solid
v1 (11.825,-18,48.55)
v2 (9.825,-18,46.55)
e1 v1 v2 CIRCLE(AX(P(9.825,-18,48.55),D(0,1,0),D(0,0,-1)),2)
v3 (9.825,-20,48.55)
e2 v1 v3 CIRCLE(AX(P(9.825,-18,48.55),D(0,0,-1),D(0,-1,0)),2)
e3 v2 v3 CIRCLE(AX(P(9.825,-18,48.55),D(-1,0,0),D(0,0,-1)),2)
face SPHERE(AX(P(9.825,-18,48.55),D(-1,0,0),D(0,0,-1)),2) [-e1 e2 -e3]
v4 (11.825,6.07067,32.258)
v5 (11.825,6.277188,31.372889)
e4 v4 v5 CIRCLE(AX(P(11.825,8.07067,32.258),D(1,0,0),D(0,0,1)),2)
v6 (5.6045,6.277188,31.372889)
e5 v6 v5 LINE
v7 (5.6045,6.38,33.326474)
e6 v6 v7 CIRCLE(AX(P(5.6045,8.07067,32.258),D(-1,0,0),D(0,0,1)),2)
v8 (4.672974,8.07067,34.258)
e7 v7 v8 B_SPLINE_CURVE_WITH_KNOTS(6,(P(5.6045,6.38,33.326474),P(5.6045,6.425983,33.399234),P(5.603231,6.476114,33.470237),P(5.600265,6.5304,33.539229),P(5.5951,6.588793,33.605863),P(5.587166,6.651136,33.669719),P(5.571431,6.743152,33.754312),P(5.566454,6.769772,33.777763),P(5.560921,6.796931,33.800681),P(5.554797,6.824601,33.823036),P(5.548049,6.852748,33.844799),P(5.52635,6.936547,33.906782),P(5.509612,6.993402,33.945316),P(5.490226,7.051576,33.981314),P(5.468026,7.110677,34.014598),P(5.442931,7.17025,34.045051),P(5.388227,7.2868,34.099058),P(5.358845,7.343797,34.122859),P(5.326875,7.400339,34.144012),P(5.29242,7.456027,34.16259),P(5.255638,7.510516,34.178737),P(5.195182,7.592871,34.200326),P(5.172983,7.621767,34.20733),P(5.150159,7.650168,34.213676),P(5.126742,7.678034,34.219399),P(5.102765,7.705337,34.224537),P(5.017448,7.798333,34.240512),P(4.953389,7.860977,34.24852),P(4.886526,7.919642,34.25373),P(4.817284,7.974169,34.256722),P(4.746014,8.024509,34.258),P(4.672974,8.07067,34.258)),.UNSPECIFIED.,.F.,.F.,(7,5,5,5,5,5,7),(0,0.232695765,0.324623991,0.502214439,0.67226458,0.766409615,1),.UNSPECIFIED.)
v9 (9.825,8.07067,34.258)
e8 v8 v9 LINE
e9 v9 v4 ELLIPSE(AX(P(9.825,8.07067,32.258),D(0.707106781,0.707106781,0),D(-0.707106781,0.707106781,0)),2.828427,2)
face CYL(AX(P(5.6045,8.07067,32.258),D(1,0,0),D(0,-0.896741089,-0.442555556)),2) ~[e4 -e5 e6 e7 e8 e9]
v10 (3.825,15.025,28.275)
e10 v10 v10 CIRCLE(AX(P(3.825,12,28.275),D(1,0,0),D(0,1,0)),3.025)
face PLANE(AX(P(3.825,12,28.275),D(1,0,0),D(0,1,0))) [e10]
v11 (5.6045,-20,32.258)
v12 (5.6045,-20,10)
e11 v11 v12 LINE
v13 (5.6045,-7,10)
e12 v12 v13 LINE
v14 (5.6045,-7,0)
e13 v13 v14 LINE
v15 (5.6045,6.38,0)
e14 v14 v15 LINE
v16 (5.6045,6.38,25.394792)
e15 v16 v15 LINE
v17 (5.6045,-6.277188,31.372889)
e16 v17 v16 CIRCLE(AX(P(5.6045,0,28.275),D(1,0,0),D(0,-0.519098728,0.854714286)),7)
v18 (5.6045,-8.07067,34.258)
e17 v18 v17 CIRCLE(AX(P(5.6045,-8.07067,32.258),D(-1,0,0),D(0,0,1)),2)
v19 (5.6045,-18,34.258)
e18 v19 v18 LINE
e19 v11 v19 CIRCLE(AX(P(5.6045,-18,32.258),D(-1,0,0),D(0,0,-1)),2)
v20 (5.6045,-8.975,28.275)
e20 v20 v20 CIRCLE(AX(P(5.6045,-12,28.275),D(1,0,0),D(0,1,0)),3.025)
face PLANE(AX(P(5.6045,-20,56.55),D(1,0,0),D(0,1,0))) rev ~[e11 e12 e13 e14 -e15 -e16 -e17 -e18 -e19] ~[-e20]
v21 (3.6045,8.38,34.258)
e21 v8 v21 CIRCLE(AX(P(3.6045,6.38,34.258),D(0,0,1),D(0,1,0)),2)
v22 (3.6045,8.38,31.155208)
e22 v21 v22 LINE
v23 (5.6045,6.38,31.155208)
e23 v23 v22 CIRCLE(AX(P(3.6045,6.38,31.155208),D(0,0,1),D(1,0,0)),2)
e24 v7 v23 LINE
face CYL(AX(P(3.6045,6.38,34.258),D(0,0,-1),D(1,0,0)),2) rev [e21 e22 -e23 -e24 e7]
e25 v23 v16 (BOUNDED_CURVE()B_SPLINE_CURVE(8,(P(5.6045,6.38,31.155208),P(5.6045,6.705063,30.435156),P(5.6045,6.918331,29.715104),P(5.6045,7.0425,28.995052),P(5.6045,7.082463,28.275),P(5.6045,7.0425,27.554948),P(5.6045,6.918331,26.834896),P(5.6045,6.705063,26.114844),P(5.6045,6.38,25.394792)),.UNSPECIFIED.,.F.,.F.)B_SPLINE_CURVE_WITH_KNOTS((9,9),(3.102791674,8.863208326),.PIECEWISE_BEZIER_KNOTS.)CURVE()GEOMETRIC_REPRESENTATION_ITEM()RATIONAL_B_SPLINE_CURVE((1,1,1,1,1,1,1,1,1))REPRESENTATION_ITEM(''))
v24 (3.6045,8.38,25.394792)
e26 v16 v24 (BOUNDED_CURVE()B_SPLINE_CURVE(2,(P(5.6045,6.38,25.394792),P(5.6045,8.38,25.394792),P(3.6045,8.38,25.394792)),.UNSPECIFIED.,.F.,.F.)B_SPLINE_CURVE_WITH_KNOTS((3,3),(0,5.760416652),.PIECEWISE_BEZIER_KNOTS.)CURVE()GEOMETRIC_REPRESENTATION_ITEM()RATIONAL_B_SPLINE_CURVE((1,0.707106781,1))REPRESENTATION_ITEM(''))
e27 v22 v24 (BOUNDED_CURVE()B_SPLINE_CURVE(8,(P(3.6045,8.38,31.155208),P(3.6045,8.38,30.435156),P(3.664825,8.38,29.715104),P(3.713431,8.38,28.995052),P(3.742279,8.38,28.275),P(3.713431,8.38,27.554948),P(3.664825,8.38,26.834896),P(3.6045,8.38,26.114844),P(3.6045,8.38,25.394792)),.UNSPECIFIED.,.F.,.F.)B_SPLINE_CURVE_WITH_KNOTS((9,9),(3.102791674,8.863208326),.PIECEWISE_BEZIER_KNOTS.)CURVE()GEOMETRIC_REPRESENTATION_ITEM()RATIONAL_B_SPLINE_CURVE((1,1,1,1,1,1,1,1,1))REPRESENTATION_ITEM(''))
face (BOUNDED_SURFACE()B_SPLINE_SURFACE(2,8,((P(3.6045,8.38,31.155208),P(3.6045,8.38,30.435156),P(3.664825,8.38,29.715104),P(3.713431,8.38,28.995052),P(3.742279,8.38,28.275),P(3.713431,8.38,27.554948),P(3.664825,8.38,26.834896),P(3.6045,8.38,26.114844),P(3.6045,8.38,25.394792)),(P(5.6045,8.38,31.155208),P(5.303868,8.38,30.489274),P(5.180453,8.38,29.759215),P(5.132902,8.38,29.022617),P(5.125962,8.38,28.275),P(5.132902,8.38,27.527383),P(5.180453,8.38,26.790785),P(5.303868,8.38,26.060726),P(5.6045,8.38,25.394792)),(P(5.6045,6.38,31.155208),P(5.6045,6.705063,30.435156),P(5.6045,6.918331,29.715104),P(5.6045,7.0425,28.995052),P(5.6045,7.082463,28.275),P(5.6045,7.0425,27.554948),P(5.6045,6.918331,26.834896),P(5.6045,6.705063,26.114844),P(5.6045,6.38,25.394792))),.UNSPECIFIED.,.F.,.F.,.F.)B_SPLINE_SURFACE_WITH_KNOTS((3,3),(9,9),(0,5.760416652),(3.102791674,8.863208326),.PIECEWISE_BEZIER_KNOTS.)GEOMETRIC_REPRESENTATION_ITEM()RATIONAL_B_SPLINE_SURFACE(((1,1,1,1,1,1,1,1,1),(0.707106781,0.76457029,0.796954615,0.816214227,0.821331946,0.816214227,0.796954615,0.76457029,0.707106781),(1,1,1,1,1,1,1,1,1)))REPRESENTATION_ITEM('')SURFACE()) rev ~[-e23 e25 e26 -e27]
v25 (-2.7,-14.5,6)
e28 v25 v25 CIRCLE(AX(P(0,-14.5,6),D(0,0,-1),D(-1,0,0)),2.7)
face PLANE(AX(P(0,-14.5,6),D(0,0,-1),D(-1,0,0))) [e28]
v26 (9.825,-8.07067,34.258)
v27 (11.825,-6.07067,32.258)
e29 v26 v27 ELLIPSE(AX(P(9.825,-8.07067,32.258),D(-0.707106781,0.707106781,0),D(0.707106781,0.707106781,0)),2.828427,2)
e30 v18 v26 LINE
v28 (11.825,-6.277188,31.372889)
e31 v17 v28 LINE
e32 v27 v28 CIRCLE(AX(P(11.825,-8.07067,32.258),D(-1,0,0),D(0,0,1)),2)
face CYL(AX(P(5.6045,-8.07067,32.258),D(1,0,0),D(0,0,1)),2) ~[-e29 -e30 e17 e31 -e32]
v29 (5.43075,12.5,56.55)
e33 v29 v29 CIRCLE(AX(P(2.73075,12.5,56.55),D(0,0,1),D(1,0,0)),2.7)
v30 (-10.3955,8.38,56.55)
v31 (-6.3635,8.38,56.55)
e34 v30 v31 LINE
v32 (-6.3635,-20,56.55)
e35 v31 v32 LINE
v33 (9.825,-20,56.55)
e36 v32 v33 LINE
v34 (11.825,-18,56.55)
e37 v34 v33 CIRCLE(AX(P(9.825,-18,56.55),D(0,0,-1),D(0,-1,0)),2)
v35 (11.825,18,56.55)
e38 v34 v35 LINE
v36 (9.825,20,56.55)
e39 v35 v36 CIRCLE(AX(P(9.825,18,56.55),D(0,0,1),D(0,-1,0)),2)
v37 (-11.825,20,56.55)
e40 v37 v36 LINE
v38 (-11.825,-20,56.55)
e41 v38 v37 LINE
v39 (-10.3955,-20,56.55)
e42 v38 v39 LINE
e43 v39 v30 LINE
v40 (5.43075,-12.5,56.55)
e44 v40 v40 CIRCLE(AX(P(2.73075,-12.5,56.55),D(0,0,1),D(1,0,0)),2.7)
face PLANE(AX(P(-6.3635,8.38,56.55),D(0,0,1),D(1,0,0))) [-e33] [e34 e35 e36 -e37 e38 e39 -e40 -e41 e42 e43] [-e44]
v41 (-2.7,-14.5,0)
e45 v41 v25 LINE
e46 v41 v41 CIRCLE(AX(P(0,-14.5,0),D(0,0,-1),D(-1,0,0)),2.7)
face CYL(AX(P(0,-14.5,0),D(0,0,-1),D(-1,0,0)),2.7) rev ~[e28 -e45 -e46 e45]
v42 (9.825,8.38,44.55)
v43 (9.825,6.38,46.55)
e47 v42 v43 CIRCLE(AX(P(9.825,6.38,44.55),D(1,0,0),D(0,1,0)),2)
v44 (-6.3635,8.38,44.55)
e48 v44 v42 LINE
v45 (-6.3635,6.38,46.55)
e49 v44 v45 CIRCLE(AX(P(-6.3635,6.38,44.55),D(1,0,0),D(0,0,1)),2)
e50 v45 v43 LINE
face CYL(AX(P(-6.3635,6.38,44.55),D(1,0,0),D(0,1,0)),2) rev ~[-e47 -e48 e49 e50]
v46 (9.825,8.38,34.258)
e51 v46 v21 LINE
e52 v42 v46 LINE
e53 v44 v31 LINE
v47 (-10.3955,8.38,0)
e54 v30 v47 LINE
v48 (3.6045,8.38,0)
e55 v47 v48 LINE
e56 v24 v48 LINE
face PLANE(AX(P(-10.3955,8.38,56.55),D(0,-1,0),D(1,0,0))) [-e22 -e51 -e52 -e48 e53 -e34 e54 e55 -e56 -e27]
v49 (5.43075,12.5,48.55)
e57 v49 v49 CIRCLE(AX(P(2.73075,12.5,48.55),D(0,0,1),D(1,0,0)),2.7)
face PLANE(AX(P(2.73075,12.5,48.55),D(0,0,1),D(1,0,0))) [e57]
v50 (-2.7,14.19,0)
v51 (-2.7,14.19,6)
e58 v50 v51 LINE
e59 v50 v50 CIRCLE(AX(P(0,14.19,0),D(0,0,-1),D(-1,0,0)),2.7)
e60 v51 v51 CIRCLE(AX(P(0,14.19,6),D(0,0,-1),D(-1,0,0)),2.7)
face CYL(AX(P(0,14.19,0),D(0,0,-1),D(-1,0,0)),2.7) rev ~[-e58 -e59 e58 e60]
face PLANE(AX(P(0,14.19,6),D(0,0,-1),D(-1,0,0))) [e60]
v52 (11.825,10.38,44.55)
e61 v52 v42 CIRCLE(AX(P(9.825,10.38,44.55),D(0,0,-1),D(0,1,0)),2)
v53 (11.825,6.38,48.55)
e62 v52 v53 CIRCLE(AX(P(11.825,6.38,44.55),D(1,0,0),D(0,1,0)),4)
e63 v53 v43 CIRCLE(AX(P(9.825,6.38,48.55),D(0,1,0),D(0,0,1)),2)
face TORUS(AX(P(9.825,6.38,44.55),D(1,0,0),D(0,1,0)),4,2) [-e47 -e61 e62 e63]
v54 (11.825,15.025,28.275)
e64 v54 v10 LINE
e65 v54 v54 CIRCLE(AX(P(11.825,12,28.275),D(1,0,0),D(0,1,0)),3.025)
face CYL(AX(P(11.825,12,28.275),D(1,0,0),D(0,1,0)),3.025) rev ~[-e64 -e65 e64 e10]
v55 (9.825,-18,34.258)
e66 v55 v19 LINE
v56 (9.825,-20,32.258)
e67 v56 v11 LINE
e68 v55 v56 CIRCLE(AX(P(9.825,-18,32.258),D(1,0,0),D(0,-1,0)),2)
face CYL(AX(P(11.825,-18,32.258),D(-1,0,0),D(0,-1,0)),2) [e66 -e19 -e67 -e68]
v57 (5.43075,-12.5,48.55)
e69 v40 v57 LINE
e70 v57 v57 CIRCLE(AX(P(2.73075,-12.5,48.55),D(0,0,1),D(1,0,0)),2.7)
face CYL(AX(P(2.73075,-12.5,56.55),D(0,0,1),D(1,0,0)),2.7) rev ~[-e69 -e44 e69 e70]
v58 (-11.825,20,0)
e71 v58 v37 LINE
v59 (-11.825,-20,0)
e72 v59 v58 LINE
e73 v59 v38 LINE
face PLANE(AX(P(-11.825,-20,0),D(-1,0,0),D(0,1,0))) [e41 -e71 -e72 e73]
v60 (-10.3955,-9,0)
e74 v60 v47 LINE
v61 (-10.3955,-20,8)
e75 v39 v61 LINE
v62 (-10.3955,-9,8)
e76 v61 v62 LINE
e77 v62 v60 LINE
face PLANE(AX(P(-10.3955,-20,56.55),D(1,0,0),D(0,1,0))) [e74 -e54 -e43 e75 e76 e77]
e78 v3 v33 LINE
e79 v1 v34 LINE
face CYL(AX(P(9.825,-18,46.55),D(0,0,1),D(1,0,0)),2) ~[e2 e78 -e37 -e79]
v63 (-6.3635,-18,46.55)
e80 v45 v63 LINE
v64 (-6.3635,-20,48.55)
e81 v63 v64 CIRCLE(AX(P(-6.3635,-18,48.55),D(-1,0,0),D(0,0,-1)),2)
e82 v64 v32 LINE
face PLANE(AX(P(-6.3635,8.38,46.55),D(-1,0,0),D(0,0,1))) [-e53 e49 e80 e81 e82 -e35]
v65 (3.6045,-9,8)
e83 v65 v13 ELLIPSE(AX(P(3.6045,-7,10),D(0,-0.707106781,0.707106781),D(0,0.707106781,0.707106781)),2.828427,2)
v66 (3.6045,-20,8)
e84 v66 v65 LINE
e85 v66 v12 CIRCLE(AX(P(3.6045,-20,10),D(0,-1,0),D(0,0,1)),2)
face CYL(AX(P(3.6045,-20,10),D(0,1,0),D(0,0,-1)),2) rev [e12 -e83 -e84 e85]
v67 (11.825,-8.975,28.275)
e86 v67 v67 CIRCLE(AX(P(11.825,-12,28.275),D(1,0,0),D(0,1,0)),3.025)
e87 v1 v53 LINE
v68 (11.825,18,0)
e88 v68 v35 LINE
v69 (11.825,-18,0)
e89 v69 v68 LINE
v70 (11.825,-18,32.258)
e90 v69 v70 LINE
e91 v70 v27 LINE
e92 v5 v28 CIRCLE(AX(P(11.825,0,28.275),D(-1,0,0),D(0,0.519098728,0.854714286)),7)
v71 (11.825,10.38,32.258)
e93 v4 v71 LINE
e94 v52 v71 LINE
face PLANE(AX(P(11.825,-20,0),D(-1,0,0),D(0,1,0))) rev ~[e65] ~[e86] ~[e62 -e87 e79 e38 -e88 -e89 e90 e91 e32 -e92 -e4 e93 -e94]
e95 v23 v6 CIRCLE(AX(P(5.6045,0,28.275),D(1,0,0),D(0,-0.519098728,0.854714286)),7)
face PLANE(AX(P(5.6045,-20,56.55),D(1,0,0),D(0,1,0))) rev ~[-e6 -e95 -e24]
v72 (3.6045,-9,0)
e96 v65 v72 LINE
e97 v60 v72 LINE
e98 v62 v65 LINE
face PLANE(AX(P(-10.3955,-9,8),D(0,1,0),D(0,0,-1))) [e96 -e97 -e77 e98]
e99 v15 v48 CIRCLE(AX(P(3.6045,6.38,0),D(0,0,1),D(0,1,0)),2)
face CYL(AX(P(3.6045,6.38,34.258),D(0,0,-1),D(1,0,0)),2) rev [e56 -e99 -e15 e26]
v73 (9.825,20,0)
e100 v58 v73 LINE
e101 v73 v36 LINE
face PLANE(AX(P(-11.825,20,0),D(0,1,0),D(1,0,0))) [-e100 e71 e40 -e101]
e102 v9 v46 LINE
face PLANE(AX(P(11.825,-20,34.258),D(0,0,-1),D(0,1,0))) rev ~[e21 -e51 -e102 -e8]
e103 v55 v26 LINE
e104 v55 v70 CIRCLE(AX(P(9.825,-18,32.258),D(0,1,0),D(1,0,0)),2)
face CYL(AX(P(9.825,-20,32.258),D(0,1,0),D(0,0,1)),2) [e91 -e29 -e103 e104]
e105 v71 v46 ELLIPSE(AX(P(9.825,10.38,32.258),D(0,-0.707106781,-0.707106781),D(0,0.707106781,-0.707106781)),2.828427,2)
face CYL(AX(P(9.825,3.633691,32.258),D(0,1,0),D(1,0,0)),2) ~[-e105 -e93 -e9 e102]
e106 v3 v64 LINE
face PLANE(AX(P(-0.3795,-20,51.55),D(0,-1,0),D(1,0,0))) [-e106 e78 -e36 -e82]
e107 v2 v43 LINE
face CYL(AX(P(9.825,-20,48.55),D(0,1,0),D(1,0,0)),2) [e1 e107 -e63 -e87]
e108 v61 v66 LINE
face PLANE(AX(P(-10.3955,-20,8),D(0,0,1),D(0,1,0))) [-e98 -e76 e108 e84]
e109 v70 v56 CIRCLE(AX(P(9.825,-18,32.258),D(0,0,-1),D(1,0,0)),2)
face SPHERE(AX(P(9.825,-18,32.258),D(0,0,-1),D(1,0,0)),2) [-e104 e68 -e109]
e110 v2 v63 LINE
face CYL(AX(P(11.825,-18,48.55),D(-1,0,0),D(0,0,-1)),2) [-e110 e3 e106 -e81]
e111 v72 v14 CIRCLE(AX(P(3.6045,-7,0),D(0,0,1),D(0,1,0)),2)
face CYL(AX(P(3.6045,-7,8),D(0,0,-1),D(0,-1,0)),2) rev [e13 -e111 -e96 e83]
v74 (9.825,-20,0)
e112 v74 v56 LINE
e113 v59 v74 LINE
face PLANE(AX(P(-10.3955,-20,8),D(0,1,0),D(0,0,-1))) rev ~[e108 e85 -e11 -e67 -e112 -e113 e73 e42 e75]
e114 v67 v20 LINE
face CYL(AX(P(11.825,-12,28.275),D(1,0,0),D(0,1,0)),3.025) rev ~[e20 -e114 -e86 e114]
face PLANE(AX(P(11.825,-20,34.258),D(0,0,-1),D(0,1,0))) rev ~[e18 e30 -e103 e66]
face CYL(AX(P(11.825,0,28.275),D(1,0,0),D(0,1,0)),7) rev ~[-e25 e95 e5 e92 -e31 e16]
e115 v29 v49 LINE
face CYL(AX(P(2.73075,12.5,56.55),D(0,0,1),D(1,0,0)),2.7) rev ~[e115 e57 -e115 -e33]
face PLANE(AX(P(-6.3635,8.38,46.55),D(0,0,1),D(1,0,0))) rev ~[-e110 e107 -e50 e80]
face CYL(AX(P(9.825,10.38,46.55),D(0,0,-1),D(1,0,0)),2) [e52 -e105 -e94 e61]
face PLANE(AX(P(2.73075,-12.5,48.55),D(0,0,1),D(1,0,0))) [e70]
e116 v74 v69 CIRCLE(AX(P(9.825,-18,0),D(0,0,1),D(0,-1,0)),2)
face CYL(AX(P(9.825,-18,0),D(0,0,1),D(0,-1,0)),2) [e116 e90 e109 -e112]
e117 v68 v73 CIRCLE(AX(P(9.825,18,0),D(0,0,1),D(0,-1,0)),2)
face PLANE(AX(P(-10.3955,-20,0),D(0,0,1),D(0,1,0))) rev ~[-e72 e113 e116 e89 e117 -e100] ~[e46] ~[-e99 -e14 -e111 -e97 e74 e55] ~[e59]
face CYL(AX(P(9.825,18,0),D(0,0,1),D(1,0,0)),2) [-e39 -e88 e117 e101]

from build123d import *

# Parameters (mm, degrees)
SKETCH1_W           = 23.65
SKETCH1_H           = 40
BOSS_EXTRUDE1_DEPTH = 56.55
SKETCH2_W           = 16
SKETCH2_H           = 28.38
CUT_EXTRUDE1_DEPTH  = 62.137002911
SKETCH3_R           = 7
CUT_EXTRUDE2_DEPTH  = 6.2205
SKETCH6_R           = 3.025
CUT_EXTRUDE4_DEPTH  = 8
SKETCH4_W           = 11.968
SKETCH4_H           = 10
BOSS_EXTRUDE2_DEPTH = 28.38
SKETCH5_W           = 12.292
SKETCH5_H           = 28.38
CUT_EXTRUDE3_DEPTH  = 6.2205
FILLET5_R           = 2
SKETCH9_W           = 8
SKETCH9_H           = 11
BOSS_EXTRUDE3_DEPTH = 16
SKETCH8_R           = 2.7
CUT_EXTRUDE6_DEPTH  = 6
SKETCH7_R           = 2.7
CUT_EXTRUDE5_DEPTH  = 8
FILLET4_R           = 2


with BuildPart() as part:
    # Sketch1 → Boss-Extrude1 (new body)
    with BuildSketch(Plane.XY):
        Rectangle(SKETCH1_W, SKETCH1_H)
    extrude(amount=BOSS_EXTRUDE1_DEPTH)

    # Sketch2 → Cut-Extrude1 (cut, through all)
    with BuildSketch(Plane.XY.offset(56.55)):
        with Locations((-2.3955, -5.81)):
            Rectangle(SKETCH2_W, SKETCH2_H)
    extrude(amount=-CUT_EXTRUDE1_DEPTH, mode=Mode.SUBTRACT)

    # Sketch3 → Cut-Extrude2 (cut)
    with BuildSketch(Plane(origin=(11.825, 0, 0), x_dir=(0, 0, -1), z_dir=(1, 0, 0))):
        with Locations(Location((-28.275, 0, 0), (0, 0, 90))):
            Circle(SKETCH3_R)
    extrude(amount=-CUT_EXTRUDE2_DEPTH, mode=Mode.SUBTRACT)

    # Sketch6 → Cut-Extrude4 (cut)
    with BuildSketch(Plane(origin=(11.825, 0, 0), x_dir=(0, 0, -1), z_dir=(1, 0, 0))):
        with Locations(Location((-28.275, 12, 0), (0, 0, 90))):
            Circle(SKETCH6_R)
        with Locations(Location((-28.275, -12, 0), (0, 0, 90))):
            Circle(SKETCH6_R)
    extrude(amount=-CUT_EXTRUDE4_DEPTH, mode=Mode.SUBTRACT)

    # Sketch4 → Boss-Extrude2 (add)
    with BuildSketch(Plane.XZ.offset(-8.38)):
        with Locations((-0.3795, 51.55)):
            Rectangle(SKETCH4_W, SKETCH4_H)
    extrude(amount=BOSS_EXTRUDE2_DEPTH)

    # Sketch5 → Cut-Extrude3 (cut)
    with BuildSketch(Plane(origin=(11.825, 0, 0), x_dir=(0, 0, -1), z_dir=(1, 0, 0))):
        with Locations((-40.404, -5.81)):
            Rectangle(SKETCH5_W, SKETCH5_H)
    extrude(amount=-CUT_EXTRUDE3_DEPTH, mode=Mode.SUBTRACT)

    # Fillet5
    fillet5_edges = [part.edges().sort_by_distance(p)[0] for p in [
        (5.6045, 8.38, 17.129),
    ]]
    fillet(fillet5_edges, radius=FILLET5_R)

    # Sketch9 → Boss-Extrude3 (add)
    with BuildSketch(Plane(origin=(-10.3955, 0, 0), x_dir=(0, 0, -1), z_dir=(1, 0, 0))):
        with Locations((-4, -14.5)):
            Rectangle(SKETCH9_W, SKETCH9_H)
    extrude(amount=BOSS_EXTRUDE3_DEPTH)

    # Sketch8 → Cut-Extrude6 (cut)
    with BuildSketch(Plane(origin=(0, 0, 0), x_dir=(-1, 0, 0), z_dir=(0, 0, -1))):
        with Locations((0, 14.19)):
            Circle(SKETCH8_R)
        with Locations((0, -14.5)):
            Circle(SKETCH8_R)
    extrude(amount=-CUT_EXTRUDE6_DEPTH, mode=Mode.SUBTRACT)

    # Sketch7 → Cut-Extrude5 (cut)
    with BuildSketch(Plane.XY.offset(56.55)):
        with Locations((2.73075, 12.5)):
            Circle(SKETCH7_R)
        with Locations((2.73075, -12.5)):
            Circle(SKETCH7_R)
    extrude(amount=-CUT_EXTRUDE5_DEPTH, mode=Mode.SUBTRACT)

    # Fillet4
    fillet4_edges = [part.edges().sort_by_distance(p)[0] for p in [
        (5.6045, -14.5, 8),
        (5.6045, -9, 4),
        (2.73075, -20, 46.55),
        (2.73075, 8.38, 46.55),
        (8.71475, 3.633691099, 34.258),
        (8.71475, -3.633691099, 34.258),
        (11.825, -20, 17.129),
        (11.825, 8.38, 40.404),
        (11.825, -11.816845549, 34.258),
        (11.825, 6.006845549, 34.258),
        (11.825, -5.81, 46.55),
        (8.71475, -20, 34.258),
        (11.825, -20, 51.55),
        (11.825, 20, 28.275),
    ]]
    fillet(fillet4_edges, radius=FILLET4_R)


solid = part.part
